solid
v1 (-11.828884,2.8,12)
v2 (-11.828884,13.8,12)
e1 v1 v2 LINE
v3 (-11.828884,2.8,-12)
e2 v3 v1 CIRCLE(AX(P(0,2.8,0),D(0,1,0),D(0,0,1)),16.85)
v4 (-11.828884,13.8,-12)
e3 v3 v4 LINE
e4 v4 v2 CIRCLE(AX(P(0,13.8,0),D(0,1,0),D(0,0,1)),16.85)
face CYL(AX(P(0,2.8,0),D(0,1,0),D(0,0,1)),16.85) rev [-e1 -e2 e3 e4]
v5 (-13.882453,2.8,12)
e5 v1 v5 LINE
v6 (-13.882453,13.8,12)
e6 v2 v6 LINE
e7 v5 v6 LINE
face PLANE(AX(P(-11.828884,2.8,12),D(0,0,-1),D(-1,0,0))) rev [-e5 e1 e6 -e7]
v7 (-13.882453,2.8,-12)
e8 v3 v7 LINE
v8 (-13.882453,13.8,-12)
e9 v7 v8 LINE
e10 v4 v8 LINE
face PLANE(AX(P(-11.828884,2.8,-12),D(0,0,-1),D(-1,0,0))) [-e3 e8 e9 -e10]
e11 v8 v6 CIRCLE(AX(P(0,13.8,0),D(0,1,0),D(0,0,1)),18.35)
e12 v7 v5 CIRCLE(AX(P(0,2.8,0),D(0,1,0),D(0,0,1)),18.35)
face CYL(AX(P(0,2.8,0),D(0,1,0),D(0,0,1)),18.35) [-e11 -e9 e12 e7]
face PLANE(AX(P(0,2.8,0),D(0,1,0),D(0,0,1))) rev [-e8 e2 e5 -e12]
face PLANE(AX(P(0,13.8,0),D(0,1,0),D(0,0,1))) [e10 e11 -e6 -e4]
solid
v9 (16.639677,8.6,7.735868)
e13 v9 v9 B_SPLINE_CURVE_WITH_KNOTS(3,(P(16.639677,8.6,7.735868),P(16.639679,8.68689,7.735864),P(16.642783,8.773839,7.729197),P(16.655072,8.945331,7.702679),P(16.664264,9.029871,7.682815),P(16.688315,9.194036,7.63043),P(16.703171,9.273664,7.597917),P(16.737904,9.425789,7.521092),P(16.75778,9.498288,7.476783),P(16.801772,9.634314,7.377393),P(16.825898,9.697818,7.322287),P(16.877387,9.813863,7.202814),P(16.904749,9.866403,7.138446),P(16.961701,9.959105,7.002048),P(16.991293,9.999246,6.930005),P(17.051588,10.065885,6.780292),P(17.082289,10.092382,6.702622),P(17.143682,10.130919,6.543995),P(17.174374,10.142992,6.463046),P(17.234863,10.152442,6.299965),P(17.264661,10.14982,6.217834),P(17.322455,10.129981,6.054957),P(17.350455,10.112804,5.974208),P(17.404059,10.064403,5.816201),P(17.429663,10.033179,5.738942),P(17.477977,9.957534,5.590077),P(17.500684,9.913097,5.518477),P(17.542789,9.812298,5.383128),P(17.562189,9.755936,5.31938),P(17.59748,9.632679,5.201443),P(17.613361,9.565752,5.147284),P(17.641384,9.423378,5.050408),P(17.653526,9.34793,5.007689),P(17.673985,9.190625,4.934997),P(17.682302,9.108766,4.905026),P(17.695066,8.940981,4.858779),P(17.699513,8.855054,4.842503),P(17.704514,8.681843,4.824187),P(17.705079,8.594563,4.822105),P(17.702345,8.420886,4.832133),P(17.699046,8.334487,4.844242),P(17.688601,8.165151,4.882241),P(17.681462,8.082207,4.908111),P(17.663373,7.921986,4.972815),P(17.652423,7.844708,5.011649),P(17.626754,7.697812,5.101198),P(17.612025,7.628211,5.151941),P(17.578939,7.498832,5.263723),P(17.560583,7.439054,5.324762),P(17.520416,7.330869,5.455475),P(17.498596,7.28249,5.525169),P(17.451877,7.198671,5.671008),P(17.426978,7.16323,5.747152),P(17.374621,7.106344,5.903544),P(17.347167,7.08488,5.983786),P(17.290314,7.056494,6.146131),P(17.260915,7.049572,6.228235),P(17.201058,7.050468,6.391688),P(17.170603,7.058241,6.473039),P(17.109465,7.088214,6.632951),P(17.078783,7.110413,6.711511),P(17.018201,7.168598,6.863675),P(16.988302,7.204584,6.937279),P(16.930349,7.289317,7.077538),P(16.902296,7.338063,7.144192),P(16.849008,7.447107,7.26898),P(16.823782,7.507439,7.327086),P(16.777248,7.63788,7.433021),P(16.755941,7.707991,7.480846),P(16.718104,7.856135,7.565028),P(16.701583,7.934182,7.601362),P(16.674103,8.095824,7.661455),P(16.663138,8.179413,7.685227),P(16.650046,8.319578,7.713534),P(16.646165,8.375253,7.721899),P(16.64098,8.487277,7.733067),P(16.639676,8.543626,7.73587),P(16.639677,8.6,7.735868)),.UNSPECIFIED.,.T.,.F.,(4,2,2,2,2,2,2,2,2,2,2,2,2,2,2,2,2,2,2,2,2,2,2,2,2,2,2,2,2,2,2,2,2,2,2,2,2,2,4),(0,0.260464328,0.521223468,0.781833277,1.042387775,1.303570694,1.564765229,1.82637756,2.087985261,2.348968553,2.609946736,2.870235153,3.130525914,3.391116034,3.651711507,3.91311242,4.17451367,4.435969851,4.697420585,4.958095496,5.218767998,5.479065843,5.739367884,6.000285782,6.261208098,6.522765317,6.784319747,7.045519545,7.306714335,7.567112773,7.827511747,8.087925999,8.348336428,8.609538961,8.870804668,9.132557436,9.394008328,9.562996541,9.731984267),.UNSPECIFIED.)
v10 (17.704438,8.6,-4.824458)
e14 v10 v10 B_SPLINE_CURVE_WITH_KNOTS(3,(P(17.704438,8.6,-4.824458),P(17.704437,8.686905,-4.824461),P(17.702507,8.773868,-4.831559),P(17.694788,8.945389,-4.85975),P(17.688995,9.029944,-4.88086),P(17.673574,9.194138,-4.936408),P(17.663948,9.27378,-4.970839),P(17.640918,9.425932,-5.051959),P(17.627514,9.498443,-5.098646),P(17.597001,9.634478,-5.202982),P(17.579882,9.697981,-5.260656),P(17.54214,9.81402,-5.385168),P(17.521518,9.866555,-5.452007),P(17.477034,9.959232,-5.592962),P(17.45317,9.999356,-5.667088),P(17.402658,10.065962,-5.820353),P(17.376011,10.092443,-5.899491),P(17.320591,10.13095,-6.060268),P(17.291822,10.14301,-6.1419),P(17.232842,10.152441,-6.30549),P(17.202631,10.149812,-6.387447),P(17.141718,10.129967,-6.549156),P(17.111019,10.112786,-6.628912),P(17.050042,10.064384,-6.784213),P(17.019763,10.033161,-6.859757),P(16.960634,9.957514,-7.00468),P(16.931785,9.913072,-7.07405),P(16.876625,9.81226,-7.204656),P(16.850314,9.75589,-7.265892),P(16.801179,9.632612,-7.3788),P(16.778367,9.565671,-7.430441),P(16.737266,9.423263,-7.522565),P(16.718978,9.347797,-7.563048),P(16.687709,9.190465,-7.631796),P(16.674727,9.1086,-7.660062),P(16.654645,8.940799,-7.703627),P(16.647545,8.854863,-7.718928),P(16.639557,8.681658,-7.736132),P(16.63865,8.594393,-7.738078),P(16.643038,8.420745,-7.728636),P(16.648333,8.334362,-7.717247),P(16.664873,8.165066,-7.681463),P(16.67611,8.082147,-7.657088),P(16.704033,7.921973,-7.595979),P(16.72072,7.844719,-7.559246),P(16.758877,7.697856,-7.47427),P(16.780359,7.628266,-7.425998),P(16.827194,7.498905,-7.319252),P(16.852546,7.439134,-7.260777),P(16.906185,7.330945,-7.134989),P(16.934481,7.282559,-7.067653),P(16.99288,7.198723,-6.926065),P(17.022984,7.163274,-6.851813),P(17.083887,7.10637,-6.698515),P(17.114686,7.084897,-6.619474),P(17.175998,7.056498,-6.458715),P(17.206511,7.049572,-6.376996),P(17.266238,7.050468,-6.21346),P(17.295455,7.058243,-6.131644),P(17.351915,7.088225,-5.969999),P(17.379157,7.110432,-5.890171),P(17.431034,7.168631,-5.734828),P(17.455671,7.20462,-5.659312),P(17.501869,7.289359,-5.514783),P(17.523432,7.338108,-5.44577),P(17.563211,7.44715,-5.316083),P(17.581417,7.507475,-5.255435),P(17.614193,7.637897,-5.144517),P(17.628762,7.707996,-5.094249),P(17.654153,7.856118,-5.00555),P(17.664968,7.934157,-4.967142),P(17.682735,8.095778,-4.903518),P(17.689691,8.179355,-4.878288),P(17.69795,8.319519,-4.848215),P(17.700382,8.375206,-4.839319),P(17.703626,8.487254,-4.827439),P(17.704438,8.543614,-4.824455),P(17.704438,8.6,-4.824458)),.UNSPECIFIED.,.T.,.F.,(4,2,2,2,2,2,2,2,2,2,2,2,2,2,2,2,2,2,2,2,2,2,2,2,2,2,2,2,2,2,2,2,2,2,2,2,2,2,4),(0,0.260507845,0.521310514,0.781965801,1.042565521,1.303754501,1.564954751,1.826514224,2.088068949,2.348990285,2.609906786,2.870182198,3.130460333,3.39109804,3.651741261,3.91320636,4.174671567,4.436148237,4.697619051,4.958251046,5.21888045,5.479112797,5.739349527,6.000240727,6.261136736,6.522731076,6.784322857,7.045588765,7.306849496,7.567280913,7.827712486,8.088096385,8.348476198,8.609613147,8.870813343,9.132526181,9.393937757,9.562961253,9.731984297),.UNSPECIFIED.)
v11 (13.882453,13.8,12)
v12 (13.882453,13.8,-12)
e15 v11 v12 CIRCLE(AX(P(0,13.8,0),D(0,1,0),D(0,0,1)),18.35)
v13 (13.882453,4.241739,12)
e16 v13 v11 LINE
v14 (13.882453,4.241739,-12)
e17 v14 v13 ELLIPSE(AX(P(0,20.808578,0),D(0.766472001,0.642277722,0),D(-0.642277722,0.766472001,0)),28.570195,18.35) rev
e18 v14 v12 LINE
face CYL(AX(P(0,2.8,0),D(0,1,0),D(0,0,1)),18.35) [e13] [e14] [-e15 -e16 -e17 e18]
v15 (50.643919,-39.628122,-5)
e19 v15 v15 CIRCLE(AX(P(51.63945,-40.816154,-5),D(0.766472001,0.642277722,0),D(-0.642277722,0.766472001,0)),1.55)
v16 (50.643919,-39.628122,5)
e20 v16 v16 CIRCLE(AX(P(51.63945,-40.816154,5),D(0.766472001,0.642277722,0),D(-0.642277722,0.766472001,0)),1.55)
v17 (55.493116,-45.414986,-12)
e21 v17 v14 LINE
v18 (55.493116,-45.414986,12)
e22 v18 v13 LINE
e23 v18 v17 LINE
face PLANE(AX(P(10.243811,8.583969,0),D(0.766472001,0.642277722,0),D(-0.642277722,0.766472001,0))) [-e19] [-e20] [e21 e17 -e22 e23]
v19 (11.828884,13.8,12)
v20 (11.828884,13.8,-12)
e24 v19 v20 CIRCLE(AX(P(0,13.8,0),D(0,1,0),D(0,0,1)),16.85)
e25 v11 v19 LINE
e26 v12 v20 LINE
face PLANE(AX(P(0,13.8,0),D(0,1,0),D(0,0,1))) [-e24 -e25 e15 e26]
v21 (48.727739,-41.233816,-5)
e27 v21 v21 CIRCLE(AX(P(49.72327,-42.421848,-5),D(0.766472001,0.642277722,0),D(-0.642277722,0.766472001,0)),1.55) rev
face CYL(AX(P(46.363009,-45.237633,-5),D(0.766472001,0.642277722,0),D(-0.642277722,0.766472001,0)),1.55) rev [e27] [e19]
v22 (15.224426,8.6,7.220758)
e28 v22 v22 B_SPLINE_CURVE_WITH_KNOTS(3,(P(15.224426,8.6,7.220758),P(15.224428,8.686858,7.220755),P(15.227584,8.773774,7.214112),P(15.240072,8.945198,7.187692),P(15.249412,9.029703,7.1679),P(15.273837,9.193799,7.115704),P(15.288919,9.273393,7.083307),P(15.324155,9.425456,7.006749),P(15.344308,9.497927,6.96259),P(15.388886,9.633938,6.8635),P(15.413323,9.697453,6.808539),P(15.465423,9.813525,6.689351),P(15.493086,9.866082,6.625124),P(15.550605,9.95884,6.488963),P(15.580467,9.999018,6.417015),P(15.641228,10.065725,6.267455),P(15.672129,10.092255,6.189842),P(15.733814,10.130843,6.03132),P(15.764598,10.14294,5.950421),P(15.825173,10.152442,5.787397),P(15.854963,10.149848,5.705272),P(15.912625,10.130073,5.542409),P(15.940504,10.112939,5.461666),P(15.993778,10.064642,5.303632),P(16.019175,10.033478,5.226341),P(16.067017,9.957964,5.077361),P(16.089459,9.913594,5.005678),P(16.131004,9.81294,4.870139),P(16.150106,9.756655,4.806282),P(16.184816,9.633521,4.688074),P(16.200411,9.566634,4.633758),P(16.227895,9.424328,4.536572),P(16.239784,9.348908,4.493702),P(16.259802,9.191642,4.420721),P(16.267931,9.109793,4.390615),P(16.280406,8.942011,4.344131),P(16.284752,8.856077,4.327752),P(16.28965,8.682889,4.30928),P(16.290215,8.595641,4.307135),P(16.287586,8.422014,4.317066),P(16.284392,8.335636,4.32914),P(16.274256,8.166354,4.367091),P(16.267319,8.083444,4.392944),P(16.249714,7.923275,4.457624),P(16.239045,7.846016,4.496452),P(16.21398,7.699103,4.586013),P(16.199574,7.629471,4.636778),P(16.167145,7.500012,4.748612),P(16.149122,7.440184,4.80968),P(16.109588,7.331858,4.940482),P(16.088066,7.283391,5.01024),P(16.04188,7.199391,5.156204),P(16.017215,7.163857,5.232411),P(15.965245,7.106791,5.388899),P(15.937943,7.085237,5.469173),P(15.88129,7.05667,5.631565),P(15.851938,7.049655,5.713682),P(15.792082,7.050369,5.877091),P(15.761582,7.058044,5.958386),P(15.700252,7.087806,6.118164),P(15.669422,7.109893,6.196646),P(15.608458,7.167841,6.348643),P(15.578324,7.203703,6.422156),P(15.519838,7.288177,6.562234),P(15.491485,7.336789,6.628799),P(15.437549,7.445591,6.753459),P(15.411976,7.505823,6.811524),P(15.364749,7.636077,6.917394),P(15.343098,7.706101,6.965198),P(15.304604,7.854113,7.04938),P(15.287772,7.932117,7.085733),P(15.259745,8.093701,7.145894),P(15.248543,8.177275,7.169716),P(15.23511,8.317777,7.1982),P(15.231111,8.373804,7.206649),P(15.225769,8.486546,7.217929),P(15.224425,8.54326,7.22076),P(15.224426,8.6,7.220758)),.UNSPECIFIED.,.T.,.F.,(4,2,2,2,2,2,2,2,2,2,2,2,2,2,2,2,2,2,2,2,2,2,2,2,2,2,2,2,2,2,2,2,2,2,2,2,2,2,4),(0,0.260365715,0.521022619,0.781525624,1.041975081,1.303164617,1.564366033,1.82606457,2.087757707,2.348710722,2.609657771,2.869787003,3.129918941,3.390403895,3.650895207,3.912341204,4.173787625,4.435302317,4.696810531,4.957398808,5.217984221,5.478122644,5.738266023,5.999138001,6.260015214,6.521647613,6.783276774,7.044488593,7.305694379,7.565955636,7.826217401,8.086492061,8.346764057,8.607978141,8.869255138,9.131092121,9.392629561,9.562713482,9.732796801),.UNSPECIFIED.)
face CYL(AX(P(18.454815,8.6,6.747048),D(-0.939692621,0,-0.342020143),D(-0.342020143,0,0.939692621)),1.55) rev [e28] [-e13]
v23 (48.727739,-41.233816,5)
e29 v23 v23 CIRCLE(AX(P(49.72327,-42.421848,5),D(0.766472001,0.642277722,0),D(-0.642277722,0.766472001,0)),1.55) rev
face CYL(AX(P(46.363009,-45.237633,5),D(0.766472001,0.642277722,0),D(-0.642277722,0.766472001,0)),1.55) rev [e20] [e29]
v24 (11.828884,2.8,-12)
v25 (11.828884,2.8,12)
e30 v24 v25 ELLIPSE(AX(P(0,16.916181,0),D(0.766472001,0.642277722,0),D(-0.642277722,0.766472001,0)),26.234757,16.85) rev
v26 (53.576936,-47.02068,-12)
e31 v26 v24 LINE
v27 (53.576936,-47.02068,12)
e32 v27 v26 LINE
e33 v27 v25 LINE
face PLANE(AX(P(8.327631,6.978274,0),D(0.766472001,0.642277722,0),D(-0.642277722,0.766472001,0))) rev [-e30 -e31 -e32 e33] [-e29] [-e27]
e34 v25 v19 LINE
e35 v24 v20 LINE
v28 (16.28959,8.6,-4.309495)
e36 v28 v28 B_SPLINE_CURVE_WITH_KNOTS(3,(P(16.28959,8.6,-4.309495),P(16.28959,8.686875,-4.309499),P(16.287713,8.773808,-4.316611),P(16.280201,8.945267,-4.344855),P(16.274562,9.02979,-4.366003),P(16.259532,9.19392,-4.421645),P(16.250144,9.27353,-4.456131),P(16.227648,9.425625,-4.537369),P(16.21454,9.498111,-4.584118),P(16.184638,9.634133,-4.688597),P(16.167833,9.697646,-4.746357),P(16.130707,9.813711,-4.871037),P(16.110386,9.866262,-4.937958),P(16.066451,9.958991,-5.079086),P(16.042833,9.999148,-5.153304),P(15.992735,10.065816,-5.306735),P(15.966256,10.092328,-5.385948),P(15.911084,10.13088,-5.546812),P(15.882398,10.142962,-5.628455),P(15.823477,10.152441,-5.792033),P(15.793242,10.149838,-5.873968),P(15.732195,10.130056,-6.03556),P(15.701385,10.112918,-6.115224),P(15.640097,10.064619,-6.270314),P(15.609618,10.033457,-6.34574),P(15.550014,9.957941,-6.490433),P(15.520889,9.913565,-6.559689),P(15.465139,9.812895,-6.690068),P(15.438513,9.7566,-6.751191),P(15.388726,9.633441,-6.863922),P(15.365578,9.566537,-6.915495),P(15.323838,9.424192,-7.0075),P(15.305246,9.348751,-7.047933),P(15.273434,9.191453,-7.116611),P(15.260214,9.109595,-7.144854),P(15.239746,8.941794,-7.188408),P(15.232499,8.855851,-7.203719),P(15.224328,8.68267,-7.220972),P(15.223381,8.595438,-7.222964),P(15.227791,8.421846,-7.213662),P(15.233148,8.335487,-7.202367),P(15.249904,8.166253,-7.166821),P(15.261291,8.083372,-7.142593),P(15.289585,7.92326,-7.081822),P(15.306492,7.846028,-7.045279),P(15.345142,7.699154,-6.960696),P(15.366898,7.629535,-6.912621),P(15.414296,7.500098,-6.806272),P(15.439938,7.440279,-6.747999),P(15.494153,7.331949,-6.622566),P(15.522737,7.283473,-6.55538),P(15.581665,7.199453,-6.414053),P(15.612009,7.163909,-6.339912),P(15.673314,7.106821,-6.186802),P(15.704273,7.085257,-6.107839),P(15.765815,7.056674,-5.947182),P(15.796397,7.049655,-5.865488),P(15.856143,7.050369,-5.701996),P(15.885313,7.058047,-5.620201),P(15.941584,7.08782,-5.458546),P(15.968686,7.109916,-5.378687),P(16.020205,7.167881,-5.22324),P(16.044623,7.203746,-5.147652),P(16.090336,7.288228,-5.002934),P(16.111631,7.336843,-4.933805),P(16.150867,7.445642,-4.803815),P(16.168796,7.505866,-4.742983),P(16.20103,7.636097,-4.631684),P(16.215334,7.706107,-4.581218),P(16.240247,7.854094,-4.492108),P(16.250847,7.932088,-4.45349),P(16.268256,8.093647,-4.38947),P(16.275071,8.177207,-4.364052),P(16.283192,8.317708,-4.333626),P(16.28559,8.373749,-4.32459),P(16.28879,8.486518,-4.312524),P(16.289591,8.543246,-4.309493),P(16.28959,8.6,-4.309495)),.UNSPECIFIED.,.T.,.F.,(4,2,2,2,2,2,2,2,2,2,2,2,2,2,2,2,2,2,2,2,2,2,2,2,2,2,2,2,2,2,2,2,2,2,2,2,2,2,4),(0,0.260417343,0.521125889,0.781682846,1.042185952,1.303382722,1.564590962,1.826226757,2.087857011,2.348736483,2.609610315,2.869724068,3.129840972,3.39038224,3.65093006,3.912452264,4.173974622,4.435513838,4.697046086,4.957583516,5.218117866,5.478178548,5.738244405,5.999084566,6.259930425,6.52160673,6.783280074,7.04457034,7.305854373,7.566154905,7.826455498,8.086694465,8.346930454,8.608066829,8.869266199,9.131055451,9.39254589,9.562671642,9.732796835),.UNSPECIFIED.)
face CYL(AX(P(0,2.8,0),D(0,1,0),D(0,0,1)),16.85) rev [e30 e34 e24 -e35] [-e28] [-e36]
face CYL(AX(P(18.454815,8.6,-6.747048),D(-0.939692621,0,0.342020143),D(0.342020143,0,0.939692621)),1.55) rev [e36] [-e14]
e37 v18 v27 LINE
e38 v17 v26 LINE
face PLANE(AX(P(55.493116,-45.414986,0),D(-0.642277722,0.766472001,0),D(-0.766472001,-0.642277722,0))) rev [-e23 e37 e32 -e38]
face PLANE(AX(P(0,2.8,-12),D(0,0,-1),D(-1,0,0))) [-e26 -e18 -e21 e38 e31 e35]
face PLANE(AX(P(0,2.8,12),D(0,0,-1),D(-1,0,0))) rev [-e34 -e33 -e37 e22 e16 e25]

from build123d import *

# Parameters (mm, degrees)
BOSS_EXTRUDE1_DEPTH      = 10
BOSS_EXTRUDE1_DEPTH_BACK = 1
BOSS_EXTRUDE2_DEPTH      = 2.5
BOSS_EXTRUDE3_REACH      = 77.535
CUT_EXTRUDE1_REACH       = 85.202
SKETCH6_R                = 1.55
CUT_EXTRUDE2_DEPTH       = 2.5
CUT_EXTRUDE3_DEPTH       = 2.5
CUT_EXTRUDE3_DEPTH_BACK  = 2.5
SKETCH9_R                = 1.55
CUT_EXTRUDE4_DEPTH       = 2.5
CUT_EXTRUDE4_DEPTH_BACK  = 2.5
SKETCH8_R                = 1.55


with BuildPart() as part:
    # Sketch1 → Boss-Extrude1 (new, two sides: drawn at the far end of the back side and taken through both)
    with BuildSketch(Plane(origin=(0, 3.8, 0), x_dir=(1, 0, 0), z_dir=(0, 1, 0)).offset(-BOSS_EXTRUDE1_DEPTH_BACK)):
        with BuildLine():
            ThreePointArc((11.82888414, -12), (16.85, 0), (11.82888414, 12))
            Line((11.82888414, 12), (13.882452953, 12))
            ThreePointArc((13.882452953, 12), (18.35, 0), (13.882452953, -12))
            Line((13.882452953, -12), (11.82888414, -12))
        make_face()
        with BuildLine():
            Line((-11.82888414, -12), (-13.882452953, -12))
            ThreePointArc((-13.882452953, -12), (-18.35, 0), (-13.882452953, 12))
            Line((-13.882452953, 12), (-11.82888414, 12))
            ThreePointArc((-11.82888414, 12), (-16.85, 0), (-11.82888414, -12))
        make_face()
    extrude(amount=BOSS_EXTRUDE1_DEPTH + BOSS_EXTRUDE1_DEPTH_BACK)

    # Sketch3 → Boss-Extrude2 (add)
    with BuildSketch(Plane(origin=(8.327631, 6.978274302, 0), x_dir=(0, 0, -1), z_dir=(0.7664720008518675, 0.6422777217918545, 0))):
        Polygon((-12, -5.451307154), (-12, -6.770268653), (-12, -70.451307154), (12, -70.451307154), (12, -6.770268653), (12, -5.451307154), align=None)
    extrude(amount=BOSS_EXTRUDE2_DEPTH)

    # Boss-Extrude3: up to this face of the body (flat: up to its plane)
    boss_extrude3_end = Plane(part.part.faces().sort_by_distance((34.763054808, -20.676448222, 0))[0])
    # Sketch4 → Boss-Extrude3 (add, up to the picked face)
    with BuildSketch(Plane.XZ.offset(-2.8), mode=Mode.PRIVATE) as boss_extrude3_sk1:
        with BuildLine():
            Line((15.090581889, 10.440155087), (15.090581889, 7.496455045))
            ThreePointArc((15.090581889, 7.496455045), (16.85, 0), (15.090581889, -7.496455045))
            Line((15.090581889, -7.496455045), (15.090581889, -10.440155087))
            ThreePointArc((15.090581889, -10.440155087), (18.35, 0), (15.090581889, 10.440155087))
        make_face()
    boss_extrude3_tool1 = split(extrude(boss_extrude3_sk1.sketch, amount=BOSS_EXTRUDE3_REACH, mode=Mode.PRIVATE), bisect_by=boss_extrude3_end, keep=Keep.BOTH, mode=Mode.PRIVATE)
    add(boss_extrude3_tool1.solids().sort_by(Axis((15.301914, 2.8, 8.968305), (0, -1, 0)))[0])

    # Cut-Extrude1: up to this face of the body (flat: up to its plane)
    cut_extrude1_end = Plane(part.part.faces().sort_by_distance((32.702910098, -22.110340028, 0))[0])
    # Sketch5 → Cut-Extrude1 (cut, up to the picked face)
    with BuildSketch(Plane(origin=(0, 13.8, 0), x_dir=(1, 0, 0), z_dir=(0, 1, 0)), mode=Mode.PRIVATE) as cut_extrude1_sk1:
        with BuildLine():
            Line((11.82888414, 12), (11.82888414, -12))
            ThreePointArc((11.82888414, -12), (16.85, 0), (11.82888414, 12))
        make_face()
    cut_extrude1_tool1 = split(extrude(cut_extrude1_sk1.sketch, amount=-CUT_EXTRUDE1_REACH, mode=Mode.PRIVATE), bisect_by=cut_extrude1_end, keep=Keep.BOTH, mode=Mode.PRIVATE)
    add(cut_extrude1_tool1.solids().sort_by(Axis((13.865415, 13.8, 0), (0, -1, 0)))[0], mode=Mode.SUBTRACT)

    # Sketch6 → Cut-Extrude2 (cut)
    with BuildSketch(Plane(origin=(10.243811002, 8.583968606, 0), x_dir=(0, 0, -1), z_dir=(0.7664720008518675, 0.6422777217918545, 0))):
        with Locations(Location((-5, -64.451307154, 0), (0, 0, 90))):
            Circle(SKETCH6_R)
        with Locations(Location((5, -64.451307154, 0), (0, 0, 90))):
            Circle(SKETCH6_R)
    extrude(amount=-CUT_EXTRUDE2_DEPTH, mode=Mode.SUBTRACT)

    # Sketch9 → Cut-Extrude3 (cut, two sides: drawn at the far end of the back side and taken through both)
    with BuildSketch(Plane(origin=(16.115240106, 0, 5.865467716), x_dir=(0, 1, 0), z_dir=(0.9396926207859128, 0, 0.34202014332565694)).offset(-CUT_EXTRUDE3_DEPTH_BACK)):
        with Locations(Location((8.6, 0.028232901, 0), (0, 0, 90))):
            Circle(SKETCH9_R)
    extrude(amount=CUT_EXTRUDE3_DEPTH + CUT_EXTRUDE3_DEPTH_BACK, mode=Mode.SUBTRACT)

    # Sketch8 → Cut-Extrude4 (cut, two sides: drawn at the far end of the back side and taken through both)
    with BuildSketch(Plane(origin=(16.115240106, 0, -5.865467716), x_dir=(0, 1, 0), z_dir=(0.9396926207859081, 0, -0.34202014332566943)).offset(-CUT_EXTRUDE4_DEPTH_BACK)):
        with Locations(Location((8.6, -0.028232901, 0), (0, 0, 90))):
            Circle(SKETCH8_R)
    extrude(amount=CUT_EXTRUDE4_DEPTH + CUT_EXTRUDE4_DEPTH_BACK, mode=Mode.SUBTRACT)


solid = part.part
